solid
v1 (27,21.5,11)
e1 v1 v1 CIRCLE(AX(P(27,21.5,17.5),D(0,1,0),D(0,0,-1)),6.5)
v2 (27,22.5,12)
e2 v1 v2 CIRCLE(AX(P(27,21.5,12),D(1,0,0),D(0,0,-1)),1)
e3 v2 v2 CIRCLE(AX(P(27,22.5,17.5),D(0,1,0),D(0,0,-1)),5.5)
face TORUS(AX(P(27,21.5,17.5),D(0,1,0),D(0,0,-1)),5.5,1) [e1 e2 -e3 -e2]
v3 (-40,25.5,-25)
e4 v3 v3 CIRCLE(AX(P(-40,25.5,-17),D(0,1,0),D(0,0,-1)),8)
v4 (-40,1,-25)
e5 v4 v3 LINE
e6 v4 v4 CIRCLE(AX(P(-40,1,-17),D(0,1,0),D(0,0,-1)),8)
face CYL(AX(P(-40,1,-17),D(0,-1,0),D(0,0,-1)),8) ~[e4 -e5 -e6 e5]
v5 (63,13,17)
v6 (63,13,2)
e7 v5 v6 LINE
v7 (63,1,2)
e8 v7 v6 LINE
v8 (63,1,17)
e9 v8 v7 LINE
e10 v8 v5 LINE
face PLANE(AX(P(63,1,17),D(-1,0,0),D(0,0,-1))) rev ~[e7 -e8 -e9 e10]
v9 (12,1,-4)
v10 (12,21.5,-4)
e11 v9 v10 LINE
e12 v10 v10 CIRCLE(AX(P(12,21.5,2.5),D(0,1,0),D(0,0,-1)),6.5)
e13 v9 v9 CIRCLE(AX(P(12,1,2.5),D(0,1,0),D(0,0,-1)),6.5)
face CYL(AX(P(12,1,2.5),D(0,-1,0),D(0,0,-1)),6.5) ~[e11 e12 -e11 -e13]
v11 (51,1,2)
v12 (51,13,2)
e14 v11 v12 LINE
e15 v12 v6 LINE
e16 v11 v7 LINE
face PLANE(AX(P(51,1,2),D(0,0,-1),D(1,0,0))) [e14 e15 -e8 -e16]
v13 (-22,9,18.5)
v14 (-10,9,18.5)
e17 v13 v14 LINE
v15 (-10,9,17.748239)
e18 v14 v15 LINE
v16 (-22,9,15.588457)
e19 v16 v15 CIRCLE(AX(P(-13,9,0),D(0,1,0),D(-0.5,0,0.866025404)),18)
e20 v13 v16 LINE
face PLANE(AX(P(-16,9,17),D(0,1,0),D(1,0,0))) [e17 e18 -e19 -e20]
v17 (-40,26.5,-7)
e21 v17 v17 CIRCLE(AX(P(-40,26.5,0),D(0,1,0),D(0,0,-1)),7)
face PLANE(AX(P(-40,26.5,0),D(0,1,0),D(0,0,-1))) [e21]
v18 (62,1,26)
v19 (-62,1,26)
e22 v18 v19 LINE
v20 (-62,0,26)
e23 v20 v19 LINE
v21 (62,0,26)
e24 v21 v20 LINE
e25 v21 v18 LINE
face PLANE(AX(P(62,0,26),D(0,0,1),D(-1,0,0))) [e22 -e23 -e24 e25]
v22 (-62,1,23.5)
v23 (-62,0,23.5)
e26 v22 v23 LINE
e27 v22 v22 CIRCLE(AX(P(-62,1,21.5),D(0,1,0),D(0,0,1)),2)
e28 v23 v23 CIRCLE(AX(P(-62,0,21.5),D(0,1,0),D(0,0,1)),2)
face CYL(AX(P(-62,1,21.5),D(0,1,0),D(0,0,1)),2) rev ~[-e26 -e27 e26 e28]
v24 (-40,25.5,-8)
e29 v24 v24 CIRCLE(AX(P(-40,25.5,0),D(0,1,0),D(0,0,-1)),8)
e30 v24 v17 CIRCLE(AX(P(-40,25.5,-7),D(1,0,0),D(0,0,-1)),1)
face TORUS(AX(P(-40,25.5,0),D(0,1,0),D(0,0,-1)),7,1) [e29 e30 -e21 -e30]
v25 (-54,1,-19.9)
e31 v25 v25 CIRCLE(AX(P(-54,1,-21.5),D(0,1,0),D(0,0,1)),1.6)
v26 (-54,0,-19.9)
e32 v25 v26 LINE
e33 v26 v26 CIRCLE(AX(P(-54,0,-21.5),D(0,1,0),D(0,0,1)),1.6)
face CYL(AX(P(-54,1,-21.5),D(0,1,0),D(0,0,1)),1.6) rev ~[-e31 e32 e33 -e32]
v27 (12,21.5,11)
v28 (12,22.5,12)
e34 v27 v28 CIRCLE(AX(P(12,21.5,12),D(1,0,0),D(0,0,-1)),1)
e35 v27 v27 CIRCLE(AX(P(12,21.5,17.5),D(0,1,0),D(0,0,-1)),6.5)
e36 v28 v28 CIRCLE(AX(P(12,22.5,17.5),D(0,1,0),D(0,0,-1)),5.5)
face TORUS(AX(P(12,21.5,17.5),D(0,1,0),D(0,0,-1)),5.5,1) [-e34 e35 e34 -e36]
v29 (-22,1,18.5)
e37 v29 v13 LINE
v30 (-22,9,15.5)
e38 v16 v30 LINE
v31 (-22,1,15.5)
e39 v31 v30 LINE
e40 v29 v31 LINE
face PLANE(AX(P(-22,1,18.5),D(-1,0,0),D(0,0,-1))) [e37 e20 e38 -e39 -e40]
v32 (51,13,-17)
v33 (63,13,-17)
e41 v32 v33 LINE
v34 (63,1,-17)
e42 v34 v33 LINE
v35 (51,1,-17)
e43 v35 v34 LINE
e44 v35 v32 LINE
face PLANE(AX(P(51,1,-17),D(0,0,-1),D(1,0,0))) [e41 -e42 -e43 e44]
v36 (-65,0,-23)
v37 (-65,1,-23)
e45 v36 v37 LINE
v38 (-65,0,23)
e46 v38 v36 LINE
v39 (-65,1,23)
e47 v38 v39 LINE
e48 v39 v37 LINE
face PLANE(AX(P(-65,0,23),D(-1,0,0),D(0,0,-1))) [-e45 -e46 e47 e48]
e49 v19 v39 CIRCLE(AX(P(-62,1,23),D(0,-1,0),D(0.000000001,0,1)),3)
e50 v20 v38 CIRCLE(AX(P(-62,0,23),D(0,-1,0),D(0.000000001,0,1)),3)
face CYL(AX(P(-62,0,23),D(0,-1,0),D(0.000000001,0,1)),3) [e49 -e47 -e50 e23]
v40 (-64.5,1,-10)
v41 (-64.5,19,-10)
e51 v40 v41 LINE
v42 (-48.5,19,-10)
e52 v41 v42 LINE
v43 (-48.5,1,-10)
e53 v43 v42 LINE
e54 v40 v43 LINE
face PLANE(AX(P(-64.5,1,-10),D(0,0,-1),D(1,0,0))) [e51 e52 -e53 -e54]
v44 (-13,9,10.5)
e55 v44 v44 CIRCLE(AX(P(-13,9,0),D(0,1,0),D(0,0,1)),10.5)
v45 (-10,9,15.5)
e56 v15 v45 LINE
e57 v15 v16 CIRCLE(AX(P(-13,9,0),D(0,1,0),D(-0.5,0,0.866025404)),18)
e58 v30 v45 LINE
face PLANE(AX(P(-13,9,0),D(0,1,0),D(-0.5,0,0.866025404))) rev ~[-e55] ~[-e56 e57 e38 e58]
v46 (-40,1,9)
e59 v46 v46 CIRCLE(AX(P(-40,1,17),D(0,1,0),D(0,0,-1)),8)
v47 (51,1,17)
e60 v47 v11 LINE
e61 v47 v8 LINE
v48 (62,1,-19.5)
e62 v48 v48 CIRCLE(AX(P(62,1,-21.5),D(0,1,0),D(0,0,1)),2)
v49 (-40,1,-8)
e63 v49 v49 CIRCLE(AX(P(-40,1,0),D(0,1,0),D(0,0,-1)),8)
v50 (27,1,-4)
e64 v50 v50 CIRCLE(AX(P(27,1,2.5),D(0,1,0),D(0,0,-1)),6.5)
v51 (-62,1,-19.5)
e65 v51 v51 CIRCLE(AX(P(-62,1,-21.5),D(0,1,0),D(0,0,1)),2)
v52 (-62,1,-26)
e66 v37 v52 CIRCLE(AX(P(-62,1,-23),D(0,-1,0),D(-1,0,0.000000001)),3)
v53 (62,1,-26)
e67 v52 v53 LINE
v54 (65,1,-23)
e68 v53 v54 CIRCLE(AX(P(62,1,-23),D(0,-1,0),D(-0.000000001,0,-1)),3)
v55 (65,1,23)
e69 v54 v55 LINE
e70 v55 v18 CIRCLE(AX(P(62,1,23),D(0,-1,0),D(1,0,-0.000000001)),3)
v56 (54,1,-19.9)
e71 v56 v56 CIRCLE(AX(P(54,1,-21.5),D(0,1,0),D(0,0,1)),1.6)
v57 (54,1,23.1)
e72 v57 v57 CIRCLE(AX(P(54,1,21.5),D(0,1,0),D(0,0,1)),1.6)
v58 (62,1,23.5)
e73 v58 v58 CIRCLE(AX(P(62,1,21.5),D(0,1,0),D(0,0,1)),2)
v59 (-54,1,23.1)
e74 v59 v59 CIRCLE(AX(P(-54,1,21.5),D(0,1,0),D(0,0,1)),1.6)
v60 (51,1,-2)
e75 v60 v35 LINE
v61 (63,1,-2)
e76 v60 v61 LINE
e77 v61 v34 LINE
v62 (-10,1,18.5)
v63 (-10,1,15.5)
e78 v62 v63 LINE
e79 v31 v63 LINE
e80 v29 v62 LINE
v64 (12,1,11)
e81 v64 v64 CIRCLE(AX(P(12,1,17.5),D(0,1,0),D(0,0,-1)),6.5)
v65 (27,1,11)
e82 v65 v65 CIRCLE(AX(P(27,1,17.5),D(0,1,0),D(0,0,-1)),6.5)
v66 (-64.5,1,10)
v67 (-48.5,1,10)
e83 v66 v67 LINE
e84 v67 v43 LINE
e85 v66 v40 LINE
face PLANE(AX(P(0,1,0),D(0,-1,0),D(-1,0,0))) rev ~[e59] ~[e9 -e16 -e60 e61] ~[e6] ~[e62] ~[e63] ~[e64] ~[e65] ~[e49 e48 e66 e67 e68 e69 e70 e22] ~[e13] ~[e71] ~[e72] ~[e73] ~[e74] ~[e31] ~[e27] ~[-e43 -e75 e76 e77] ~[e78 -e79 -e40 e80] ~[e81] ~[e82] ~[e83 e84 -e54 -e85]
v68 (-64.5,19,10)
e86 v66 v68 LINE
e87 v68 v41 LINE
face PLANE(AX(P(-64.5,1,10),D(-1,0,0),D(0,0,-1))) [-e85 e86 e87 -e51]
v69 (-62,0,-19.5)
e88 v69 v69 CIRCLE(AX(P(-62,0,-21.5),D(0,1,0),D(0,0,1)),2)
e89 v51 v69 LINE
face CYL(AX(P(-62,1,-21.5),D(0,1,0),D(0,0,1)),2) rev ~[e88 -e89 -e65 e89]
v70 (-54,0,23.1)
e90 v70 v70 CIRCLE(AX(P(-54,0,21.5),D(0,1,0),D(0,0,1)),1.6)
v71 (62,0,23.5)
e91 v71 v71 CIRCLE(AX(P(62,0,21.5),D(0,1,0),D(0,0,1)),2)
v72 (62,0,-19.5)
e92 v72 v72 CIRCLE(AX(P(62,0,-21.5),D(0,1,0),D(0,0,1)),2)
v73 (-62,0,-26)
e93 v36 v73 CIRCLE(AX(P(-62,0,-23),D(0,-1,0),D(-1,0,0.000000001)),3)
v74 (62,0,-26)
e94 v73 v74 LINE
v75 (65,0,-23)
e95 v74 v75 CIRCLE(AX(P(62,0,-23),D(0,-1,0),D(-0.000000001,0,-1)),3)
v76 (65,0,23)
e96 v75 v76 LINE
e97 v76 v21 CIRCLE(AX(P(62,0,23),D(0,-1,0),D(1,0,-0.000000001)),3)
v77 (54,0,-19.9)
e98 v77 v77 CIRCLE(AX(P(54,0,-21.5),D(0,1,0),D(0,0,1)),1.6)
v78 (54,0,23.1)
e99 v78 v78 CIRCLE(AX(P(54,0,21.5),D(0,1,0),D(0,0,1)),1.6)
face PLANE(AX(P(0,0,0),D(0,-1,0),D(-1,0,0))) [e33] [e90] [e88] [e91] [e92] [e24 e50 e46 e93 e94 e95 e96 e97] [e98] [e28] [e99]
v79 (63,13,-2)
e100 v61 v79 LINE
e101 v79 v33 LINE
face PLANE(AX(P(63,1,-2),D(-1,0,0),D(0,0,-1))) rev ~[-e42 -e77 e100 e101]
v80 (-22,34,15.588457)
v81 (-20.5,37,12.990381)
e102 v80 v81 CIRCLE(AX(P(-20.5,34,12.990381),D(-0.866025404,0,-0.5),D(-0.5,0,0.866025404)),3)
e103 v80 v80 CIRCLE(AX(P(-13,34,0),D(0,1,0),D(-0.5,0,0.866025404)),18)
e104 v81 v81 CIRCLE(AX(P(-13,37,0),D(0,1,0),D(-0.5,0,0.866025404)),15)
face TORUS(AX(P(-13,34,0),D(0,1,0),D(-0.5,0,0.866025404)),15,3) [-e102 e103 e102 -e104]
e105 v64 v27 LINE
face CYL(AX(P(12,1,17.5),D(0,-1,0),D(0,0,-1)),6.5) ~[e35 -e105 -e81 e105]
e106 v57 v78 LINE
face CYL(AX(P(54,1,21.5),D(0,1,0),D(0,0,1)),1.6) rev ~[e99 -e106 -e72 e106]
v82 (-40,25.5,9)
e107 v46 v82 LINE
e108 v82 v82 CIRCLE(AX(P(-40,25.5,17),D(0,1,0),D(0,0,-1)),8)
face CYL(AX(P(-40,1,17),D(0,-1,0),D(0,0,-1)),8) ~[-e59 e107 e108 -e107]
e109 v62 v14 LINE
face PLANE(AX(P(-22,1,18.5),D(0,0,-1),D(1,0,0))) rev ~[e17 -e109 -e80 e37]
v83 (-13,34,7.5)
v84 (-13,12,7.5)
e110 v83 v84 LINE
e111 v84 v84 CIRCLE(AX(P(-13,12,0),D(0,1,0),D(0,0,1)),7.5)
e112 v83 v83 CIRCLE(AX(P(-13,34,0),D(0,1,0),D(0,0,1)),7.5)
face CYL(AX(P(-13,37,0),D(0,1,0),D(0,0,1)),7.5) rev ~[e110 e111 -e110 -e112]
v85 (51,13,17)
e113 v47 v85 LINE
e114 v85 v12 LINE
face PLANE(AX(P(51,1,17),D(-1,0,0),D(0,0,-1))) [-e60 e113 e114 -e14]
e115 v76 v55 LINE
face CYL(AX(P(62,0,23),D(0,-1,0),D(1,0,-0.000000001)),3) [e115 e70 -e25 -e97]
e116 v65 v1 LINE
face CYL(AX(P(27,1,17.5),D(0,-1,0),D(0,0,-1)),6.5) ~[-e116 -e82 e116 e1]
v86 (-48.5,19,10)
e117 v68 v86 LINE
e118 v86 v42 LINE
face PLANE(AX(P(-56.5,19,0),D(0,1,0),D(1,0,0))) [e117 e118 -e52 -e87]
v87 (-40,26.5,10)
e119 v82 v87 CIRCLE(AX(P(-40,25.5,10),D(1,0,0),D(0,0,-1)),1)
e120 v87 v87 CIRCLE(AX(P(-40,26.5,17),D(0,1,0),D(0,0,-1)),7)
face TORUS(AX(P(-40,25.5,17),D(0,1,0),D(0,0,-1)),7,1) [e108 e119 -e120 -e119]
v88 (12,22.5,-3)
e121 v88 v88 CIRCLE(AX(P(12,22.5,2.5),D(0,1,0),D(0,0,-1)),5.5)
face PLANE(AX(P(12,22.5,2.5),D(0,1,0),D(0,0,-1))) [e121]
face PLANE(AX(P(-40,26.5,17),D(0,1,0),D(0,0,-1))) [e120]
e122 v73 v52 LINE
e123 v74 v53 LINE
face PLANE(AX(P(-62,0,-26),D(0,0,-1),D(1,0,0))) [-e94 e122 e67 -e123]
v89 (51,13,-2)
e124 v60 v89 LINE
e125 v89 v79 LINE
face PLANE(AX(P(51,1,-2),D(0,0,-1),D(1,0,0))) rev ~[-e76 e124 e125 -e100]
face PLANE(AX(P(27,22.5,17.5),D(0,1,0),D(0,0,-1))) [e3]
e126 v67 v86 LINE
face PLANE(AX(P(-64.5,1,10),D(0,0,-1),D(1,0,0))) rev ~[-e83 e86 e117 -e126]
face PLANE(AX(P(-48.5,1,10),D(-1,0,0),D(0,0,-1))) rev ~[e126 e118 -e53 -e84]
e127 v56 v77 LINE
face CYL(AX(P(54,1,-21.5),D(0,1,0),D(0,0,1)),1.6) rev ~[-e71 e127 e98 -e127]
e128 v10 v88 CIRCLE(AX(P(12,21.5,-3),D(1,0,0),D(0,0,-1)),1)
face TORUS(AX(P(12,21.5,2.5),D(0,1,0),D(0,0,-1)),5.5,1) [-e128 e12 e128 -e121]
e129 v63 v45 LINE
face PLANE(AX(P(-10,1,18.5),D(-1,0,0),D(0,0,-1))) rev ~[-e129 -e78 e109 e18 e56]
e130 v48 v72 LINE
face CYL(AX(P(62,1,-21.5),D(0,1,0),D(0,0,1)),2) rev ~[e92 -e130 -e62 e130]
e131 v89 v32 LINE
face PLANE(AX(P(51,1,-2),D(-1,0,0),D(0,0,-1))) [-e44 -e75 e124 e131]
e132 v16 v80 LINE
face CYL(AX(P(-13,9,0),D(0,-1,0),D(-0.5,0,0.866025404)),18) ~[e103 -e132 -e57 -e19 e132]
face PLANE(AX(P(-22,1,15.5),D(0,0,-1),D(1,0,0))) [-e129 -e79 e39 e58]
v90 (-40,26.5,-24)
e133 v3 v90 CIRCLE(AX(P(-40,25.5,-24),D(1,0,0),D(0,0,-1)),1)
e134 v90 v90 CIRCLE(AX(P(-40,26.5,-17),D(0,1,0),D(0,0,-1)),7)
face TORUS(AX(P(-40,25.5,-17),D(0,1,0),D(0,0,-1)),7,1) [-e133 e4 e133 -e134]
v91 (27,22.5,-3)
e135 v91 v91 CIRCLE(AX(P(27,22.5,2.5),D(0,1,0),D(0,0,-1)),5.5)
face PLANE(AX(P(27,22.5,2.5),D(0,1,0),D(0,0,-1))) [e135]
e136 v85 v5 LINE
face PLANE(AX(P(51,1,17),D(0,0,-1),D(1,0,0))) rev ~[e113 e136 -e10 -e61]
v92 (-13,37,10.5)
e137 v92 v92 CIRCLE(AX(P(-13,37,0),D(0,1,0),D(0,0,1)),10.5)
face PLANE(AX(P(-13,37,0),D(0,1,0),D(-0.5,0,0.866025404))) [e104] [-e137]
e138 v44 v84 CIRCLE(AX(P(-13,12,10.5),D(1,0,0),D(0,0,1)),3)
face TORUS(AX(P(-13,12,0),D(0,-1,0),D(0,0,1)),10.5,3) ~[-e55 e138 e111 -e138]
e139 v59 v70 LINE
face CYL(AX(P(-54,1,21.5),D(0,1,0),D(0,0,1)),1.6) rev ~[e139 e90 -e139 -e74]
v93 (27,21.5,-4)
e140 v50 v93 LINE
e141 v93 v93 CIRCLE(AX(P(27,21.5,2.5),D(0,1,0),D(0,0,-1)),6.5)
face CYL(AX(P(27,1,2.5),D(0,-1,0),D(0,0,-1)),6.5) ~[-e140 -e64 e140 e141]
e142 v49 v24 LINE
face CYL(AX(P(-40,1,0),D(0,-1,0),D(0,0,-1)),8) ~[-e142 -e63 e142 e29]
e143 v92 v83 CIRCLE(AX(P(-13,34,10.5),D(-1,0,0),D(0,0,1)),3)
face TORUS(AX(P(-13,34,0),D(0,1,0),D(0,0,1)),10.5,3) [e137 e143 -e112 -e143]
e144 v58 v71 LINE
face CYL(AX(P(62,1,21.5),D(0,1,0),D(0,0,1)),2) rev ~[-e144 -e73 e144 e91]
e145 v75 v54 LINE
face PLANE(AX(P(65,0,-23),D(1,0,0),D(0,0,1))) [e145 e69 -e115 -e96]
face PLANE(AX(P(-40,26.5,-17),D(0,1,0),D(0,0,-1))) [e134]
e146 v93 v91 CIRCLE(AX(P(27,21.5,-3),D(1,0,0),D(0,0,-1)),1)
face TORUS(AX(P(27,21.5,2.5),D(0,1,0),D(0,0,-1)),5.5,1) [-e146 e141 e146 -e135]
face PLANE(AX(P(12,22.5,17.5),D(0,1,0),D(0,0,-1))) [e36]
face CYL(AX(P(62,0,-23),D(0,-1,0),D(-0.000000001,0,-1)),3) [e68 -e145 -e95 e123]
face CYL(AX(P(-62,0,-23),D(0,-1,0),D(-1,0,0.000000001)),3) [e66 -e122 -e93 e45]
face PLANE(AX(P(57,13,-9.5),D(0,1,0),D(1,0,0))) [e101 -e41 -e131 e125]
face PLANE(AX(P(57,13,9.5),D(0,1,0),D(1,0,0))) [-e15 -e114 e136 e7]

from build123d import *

# Parameters (mm, degrees)
BOSS_EXTRUDE1_DEPTH = 1
CUT_EXTRUDE1_REACH  = 72.014
SKETCH2_R           = 2
SKETCH2_R_2         = 1.6
SKETCH3_R           = 8
BOSS_EXTRUDE2_DEPTH = 25.5
SKETCH4_R           = 6.5
BOSS_EXTRUDE3_DEPTH = 21.5
SKETCH5_W           = 12
SKETCH5_H           = 3
BOSS_EXTRUDE4_DEPTH = 8
SKETCH6_R           = 18
BOSS_EXTRUDE5_DEPTH = 28
CUT_EXTRUDE2_REACH  = 81.183
SKETCH7_R           = 7.5
SKETCH8_W           = 16
SKETCH8_H           = 20
BOSS_EXTRUDE6_DEPTH = 18
SKETCH9_W           = 12
SKETCH9_H           = 15
BOSS_EXTRUDE7_DEPTH = 12
FILLET1_R           = 3
FILLET2_R           = 1


with BuildPart() as part:
    # Sketch1 → Boss-Extrude1 (new body)
    with BuildSketch(Plane(origin=(0, 0, 0), x_dir=(1, 0, 0), z_dir=(0, 1, 0))):
        with BuildLine():
            Line((-62, 26), (62, 26))
            ThreePointArc((62, 26), (64.121320344, 25.121320344), (65, 23))
            Line((65, 23), (65, -23))
            ThreePointArc((65, -23), (64.121320344, -25.121320344), (62, -26))
            Line((62, -26), (-62, -26))
            ThreePointArc((-62, -26), (-64.121320344, -25.121320344), (-65, -23))
            Line((-65, -23), (-65, 23))
            ThreePointArc((-65, 23), (-64.121320344, 25.121320344), (-62, 26))
        make_face()
    extrude(amount=BOSS_EXTRUDE1_DEPTH)

    # Sketch2 → Cut-Extrude1 (cut, up to next)
    with BuildSketch(Plane(origin=(0, 1, 0), x_dir=(1, 0, 0), z_dir=(0, 1, 0)), mode=Mode.PRIVATE) as cut_extrude1_sk1:
        with Locations(Location((-62, 21.5, 0), (0, 0, 270))):
            Circle(SKETCH2_R)
    cut_extrude1_tool1 = extrude(cut_extrude1_sk1.sketch, amount=-CUT_EXTRUDE1_REACH, mode=Mode.PRIVATE) & part.part
    # Sketch2 → Cut-Extrude1 (cut, up to next)
    with BuildSketch(Plane(origin=(0, 1, 0), x_dir=(1, 0, 0), z_dir=(0, 1, 0)), mode=Mode.PRIVATE) as cut_extrude1_sk2:
        with Locations(Location((-62, -21.5, 0), (0, 0, 270))):
            Circle(SKETCH2_R)
    cut_extrude1_tool2 = extrude(cut_extrude1_sk2.sketch, amount=-CUT_EXTRUDE1_REACH, mode=Mode.PRIVATE) & part.part
    # Sketch2 → Cut-Extrude1 (cut, up to next)
    with BuildSketch(Plane(origin=(0, 1, 0), x_dir=(1, 0, 0), z_dir=(0, 1, 0)), mode=Mode.PRIVATE) as cut_extrude1_sk3:
        with Locations(Location((62, -21.5, 0), (0, 0, 270))):
            Circle(SKETCH2_R)
    cut_extrude1_tool3 = extrude(cut_extrude1_sk3.sketch, amount=-CUT_EXTRUDE1_REACH, mode=Mode.PRIVATE) & part.part
    # Sketch2 → Cut-Extrude1 (cut, up to next)
    with BuildSketch(Plane(origin=(0, 1, 0), x_dir=(1, 0, 0), z_dir=(0, 1, 0)), mode=Mode.PRIVATE) as cut_extrude1_sk4:
        with Locations(Location((62, 21.5, 0), (0, 0, 270))):
            Circle(SKETCH2_R)
    cut_extrude1_tool4 = extrude(cut_extrude1_sk4.sketch, amount=-CUT_EXTRUDE1_REACH, mode=Mode.PRIVATE) & part.part
    # Sketch2 → Cut-Extrude1 (cut, up to next)
    with BuildSketch(Plane(origin=(0, 1, 0), x_dir=(1, 0, 0), z_dir=(0, 1, 0)), mode=Mode.PRIVATE) as cut_extrude1_sk5:
        with Locations(Location((-54, -21.5, 0), (0, 0, 270))):
            Circle(SKETCH2_R_2)
    cut_extrude1_tool5 = extrude(cut_extrude1_sk5.sketch, amount=-CUT_EXTRUDE1_REACH, mode=Mode.PRIVATE) & part.part
    # Sketch2 → Cut-Extrude1 (cut, up to next)
    with BuildSketch(Plane(origin=(0, 1, 0), x_dir=(1, 0, 0), z_dir=(0, 1, 0)), mode=Mode.PRIVATE) as cut_extrude1_sk6:
        with Locations(Location((-54, 21.5, 0), (0, 0, 270))):
            Circle(SKETCH2_R_2)
    cut_extrude1_tool6 = extrude(cut_extrude1_sk6.sketch, amount=-CUT_EXTRUDE1_REACH, mode=Mode.PRIVATE) & part.part
    # Sketch2 → Cut-Extrude1 (cut, up to next)
    with BuildSketch(Plane(origin=(0, 1, 0), x_dir=(1, 0, 0), z_dir=(0, 1, 0)), mode=Mode.PRIVATE) as cut_extrude1_sk7:
        with Locations(Location((54, 21.5, 0), (0, 0, 270))):
            Circle(SKETCH2_R_2)
    cut_extrude1_tool7 = extrude(cut_extrude1_sk7.sketch, amount=-CUT_EXTRUDE1_REACH, mode=Mode.PRIVATE) & part.part
    # Sketch2 → Cut-Extrude1 (cut, up to next)
    with BuildSketch(Plane(origin=(0, 1, 0), x_dir=(1, 0, 0), z_dir=(0, 1, 0)), mode=Mode.PRIVATE) as cut_extrude1_sk8:
        with Locations(Location((54, -21.5, 0), (0, 0, 270))):
            Circle(SKETCH2_R_2)
    cut_extrude1_tool8 = extrude(cut_extrude1_sk8.sketch, amount=-CUT_EXTRUDE1_REACH, mode=Mode.PRIVATE) & part.part
    add(cut_extrude1_tool1.solids().sort_by_distance((-62, 1, -21.5))[0], mode=Mode.SUBTRACT)
    add(cut_extrude1_tool2.solids().sort_by_distance((-62, 1, 21.5))[0], mode=Mode.SUBTRACT)
    add(cut_extrude1_tool3.solids().sort_by_distance((62, 1, 21.5))[0], mode=Mode.SUBTRACT)
    add(cut_extrude1_tool4.solids().sort_by_distance((62, 1, -21.5))[0], mode=Mode.SUBTRACT)
    add(cut_extrude1_tool5.solids().sort_by_distance((-54, 1, 21.5))[0], mode=Mode.SUBTRACT)
    add(cut_extrude1_tool6.solids().sort_by_distance((-54, 1, -21.5))[0], mode=Mode.SUBTRACT)
    add(cut_extrude1_tool7.solids().sort_by_distance((54, 1, -21.5))[0], mode=Mode.SUBTRACT)
    add(cut_extrude1_tool8.solids().sort_by_distance((54, 1, 21.5))[0], mode=Mode.SUBTRACT)

    # Sketch3 → Boss-Extrude2 (add)
    with BuildSketch(Plane(origin=(0, 1, 0), x_dir=(1, 0, 0), z_dir=(0, 1, 0))):
        with Locations(Location((-40, 17, 0), (0, 0, 90))):
            Circle(SKETCH3_R)
        with Locations(Location((-40, 0, 0), (0, 0, 90))):
            Circle(SKETCH3_R)
        with Locations(Location((-40, -17, 0), (0, 0, 90))):
            Circle(SKETCH3_R)
    extrude(amount=BOSS_EXTRUDE2_DEPTH)

    # Sketch4 → Boss-Extrude3 (add)
    with BuildSketch(Plane(origin=(0, 1, 0), x_dir=(1, 0, 0), z_dir=(0, 1, 0))):
        with Locations(Location((12, -17.5, 0), (0, 0, 90))):
            Circle(SKETCH4_R)
        with Locations(Location((12, -2.5, 0), (0, 0, 90))):
            Circle(SKETCH4_R)
        with Locations(Location((27, -2.5, 0), (0, 0, 90))):
            Circle(SKETCH4_R)
        with Locations(Location((27, -17.5, 0), (0, 0, 90))):
            Circle(SKETCH4_R)
    extrude(amount=BOSS_EXTRUDE3_DEPTH)

    # Sketch5 → Boss-Extrude4 (add)
    with BuildSketch(Plane(origin=(0, 1, 0), x_dir=(1, 0, 0), z_dir=(0, 1, 0))):
        with Locations((-16, -17)):
            Rectangle(SKETCH5_W, SKETCH5_H)
    extrude(amount=BOSS_EXTRUDE4_DEPTH)

    # Sketch6 → Boss-Extrude5 (add)
    with BuildSketch(Plane(origin=(0, 9, 0), x_dir=(1, 0, 0), z_dir=(0, 1, 0))):
        with Locations(Location((-13, 0, 0), (0, 0, 240))):
            Circle(SKETCH6_R)
    extrude(amount=BOSS_EXTRUDE5_DEPTH)

    # Sketch7 → Cut-Extrude2 (cut, up to next)
    with BuildSketch(Plane(origin=(0, 37, 0), x_dir=(1, 0, 0), z_dir=(0, 1, 0)), mode=Mode.PRIVATE) as cut_extrude2_sk1:
        with Locations(Location((-13, 0, 0), (0, 0, 270))):
            Circle(SKETCH7_R)
    cut_extrude2_tool1 = extrude(cut_extrude2_sk1.sketch, amount=-CUT_EXTRUDE2_REACH, mode=Mode.PRIVATE) & part.part
    add(cut_extrude2_tool1.solids().sort_by_distance((-13, 37, 0))[0], mode=Mode.SUBTRACT)

    # Sketch8 → Boss-Extrude6 (add)
    with BuildSketch(Plane(origin=(0, 1, 0), x_dir=(1, 0, 0), z_dir=(0, 1, 0))):
        with Locations((-56.5, 0)):
            Rectangle(SKETCH8_W, SKETCH8_H)
    extrude(amount=BOSS_EXTRUDE6_DEPTH)

    # Sketch9 → Boss-Extrude7 (add)
    with BuildSketch(Plane(origin=(0, 1, 0), x_dir=(1, 0, 0), z_dir=(0, 1, 0))):
        with Locations((57, -9.5)):
            Rectangle(SKETCH9_W, SKETCH9_H)
        with Locations((57, 9.5)):
            Rectangle(SKETCH9_W, SKETCH9_H)
    extrude(amount=BOSS_EXTRUDE7_DEPTH)

    # Fillet1
    fillet1_edges = [part.edges().sort_by_distance(p)[0] for p in [
        (-4, 37, -15.588457268),
        (-13, 9, -7.5),
        (-13, 37, -7.5),
    ]]
    fillet(fillet1_edges, radius=FILLET1_R)

    # Fillet2
    fillet2_edges = [part.edges().sort_by_distance(p)[0] for p in [
        (-40, 26.5, -9),
        (-40, 26.5, 8),
        (-40, 26.5, 25),
        (12, 22.5, 24),
        (12, 22.5, 9),
        (27, 22.5, 9),
        (27, 22.5, 24),
    ]]
    fillet(fillet2_edges, radius=FILLET2_R)


solid = part.part
